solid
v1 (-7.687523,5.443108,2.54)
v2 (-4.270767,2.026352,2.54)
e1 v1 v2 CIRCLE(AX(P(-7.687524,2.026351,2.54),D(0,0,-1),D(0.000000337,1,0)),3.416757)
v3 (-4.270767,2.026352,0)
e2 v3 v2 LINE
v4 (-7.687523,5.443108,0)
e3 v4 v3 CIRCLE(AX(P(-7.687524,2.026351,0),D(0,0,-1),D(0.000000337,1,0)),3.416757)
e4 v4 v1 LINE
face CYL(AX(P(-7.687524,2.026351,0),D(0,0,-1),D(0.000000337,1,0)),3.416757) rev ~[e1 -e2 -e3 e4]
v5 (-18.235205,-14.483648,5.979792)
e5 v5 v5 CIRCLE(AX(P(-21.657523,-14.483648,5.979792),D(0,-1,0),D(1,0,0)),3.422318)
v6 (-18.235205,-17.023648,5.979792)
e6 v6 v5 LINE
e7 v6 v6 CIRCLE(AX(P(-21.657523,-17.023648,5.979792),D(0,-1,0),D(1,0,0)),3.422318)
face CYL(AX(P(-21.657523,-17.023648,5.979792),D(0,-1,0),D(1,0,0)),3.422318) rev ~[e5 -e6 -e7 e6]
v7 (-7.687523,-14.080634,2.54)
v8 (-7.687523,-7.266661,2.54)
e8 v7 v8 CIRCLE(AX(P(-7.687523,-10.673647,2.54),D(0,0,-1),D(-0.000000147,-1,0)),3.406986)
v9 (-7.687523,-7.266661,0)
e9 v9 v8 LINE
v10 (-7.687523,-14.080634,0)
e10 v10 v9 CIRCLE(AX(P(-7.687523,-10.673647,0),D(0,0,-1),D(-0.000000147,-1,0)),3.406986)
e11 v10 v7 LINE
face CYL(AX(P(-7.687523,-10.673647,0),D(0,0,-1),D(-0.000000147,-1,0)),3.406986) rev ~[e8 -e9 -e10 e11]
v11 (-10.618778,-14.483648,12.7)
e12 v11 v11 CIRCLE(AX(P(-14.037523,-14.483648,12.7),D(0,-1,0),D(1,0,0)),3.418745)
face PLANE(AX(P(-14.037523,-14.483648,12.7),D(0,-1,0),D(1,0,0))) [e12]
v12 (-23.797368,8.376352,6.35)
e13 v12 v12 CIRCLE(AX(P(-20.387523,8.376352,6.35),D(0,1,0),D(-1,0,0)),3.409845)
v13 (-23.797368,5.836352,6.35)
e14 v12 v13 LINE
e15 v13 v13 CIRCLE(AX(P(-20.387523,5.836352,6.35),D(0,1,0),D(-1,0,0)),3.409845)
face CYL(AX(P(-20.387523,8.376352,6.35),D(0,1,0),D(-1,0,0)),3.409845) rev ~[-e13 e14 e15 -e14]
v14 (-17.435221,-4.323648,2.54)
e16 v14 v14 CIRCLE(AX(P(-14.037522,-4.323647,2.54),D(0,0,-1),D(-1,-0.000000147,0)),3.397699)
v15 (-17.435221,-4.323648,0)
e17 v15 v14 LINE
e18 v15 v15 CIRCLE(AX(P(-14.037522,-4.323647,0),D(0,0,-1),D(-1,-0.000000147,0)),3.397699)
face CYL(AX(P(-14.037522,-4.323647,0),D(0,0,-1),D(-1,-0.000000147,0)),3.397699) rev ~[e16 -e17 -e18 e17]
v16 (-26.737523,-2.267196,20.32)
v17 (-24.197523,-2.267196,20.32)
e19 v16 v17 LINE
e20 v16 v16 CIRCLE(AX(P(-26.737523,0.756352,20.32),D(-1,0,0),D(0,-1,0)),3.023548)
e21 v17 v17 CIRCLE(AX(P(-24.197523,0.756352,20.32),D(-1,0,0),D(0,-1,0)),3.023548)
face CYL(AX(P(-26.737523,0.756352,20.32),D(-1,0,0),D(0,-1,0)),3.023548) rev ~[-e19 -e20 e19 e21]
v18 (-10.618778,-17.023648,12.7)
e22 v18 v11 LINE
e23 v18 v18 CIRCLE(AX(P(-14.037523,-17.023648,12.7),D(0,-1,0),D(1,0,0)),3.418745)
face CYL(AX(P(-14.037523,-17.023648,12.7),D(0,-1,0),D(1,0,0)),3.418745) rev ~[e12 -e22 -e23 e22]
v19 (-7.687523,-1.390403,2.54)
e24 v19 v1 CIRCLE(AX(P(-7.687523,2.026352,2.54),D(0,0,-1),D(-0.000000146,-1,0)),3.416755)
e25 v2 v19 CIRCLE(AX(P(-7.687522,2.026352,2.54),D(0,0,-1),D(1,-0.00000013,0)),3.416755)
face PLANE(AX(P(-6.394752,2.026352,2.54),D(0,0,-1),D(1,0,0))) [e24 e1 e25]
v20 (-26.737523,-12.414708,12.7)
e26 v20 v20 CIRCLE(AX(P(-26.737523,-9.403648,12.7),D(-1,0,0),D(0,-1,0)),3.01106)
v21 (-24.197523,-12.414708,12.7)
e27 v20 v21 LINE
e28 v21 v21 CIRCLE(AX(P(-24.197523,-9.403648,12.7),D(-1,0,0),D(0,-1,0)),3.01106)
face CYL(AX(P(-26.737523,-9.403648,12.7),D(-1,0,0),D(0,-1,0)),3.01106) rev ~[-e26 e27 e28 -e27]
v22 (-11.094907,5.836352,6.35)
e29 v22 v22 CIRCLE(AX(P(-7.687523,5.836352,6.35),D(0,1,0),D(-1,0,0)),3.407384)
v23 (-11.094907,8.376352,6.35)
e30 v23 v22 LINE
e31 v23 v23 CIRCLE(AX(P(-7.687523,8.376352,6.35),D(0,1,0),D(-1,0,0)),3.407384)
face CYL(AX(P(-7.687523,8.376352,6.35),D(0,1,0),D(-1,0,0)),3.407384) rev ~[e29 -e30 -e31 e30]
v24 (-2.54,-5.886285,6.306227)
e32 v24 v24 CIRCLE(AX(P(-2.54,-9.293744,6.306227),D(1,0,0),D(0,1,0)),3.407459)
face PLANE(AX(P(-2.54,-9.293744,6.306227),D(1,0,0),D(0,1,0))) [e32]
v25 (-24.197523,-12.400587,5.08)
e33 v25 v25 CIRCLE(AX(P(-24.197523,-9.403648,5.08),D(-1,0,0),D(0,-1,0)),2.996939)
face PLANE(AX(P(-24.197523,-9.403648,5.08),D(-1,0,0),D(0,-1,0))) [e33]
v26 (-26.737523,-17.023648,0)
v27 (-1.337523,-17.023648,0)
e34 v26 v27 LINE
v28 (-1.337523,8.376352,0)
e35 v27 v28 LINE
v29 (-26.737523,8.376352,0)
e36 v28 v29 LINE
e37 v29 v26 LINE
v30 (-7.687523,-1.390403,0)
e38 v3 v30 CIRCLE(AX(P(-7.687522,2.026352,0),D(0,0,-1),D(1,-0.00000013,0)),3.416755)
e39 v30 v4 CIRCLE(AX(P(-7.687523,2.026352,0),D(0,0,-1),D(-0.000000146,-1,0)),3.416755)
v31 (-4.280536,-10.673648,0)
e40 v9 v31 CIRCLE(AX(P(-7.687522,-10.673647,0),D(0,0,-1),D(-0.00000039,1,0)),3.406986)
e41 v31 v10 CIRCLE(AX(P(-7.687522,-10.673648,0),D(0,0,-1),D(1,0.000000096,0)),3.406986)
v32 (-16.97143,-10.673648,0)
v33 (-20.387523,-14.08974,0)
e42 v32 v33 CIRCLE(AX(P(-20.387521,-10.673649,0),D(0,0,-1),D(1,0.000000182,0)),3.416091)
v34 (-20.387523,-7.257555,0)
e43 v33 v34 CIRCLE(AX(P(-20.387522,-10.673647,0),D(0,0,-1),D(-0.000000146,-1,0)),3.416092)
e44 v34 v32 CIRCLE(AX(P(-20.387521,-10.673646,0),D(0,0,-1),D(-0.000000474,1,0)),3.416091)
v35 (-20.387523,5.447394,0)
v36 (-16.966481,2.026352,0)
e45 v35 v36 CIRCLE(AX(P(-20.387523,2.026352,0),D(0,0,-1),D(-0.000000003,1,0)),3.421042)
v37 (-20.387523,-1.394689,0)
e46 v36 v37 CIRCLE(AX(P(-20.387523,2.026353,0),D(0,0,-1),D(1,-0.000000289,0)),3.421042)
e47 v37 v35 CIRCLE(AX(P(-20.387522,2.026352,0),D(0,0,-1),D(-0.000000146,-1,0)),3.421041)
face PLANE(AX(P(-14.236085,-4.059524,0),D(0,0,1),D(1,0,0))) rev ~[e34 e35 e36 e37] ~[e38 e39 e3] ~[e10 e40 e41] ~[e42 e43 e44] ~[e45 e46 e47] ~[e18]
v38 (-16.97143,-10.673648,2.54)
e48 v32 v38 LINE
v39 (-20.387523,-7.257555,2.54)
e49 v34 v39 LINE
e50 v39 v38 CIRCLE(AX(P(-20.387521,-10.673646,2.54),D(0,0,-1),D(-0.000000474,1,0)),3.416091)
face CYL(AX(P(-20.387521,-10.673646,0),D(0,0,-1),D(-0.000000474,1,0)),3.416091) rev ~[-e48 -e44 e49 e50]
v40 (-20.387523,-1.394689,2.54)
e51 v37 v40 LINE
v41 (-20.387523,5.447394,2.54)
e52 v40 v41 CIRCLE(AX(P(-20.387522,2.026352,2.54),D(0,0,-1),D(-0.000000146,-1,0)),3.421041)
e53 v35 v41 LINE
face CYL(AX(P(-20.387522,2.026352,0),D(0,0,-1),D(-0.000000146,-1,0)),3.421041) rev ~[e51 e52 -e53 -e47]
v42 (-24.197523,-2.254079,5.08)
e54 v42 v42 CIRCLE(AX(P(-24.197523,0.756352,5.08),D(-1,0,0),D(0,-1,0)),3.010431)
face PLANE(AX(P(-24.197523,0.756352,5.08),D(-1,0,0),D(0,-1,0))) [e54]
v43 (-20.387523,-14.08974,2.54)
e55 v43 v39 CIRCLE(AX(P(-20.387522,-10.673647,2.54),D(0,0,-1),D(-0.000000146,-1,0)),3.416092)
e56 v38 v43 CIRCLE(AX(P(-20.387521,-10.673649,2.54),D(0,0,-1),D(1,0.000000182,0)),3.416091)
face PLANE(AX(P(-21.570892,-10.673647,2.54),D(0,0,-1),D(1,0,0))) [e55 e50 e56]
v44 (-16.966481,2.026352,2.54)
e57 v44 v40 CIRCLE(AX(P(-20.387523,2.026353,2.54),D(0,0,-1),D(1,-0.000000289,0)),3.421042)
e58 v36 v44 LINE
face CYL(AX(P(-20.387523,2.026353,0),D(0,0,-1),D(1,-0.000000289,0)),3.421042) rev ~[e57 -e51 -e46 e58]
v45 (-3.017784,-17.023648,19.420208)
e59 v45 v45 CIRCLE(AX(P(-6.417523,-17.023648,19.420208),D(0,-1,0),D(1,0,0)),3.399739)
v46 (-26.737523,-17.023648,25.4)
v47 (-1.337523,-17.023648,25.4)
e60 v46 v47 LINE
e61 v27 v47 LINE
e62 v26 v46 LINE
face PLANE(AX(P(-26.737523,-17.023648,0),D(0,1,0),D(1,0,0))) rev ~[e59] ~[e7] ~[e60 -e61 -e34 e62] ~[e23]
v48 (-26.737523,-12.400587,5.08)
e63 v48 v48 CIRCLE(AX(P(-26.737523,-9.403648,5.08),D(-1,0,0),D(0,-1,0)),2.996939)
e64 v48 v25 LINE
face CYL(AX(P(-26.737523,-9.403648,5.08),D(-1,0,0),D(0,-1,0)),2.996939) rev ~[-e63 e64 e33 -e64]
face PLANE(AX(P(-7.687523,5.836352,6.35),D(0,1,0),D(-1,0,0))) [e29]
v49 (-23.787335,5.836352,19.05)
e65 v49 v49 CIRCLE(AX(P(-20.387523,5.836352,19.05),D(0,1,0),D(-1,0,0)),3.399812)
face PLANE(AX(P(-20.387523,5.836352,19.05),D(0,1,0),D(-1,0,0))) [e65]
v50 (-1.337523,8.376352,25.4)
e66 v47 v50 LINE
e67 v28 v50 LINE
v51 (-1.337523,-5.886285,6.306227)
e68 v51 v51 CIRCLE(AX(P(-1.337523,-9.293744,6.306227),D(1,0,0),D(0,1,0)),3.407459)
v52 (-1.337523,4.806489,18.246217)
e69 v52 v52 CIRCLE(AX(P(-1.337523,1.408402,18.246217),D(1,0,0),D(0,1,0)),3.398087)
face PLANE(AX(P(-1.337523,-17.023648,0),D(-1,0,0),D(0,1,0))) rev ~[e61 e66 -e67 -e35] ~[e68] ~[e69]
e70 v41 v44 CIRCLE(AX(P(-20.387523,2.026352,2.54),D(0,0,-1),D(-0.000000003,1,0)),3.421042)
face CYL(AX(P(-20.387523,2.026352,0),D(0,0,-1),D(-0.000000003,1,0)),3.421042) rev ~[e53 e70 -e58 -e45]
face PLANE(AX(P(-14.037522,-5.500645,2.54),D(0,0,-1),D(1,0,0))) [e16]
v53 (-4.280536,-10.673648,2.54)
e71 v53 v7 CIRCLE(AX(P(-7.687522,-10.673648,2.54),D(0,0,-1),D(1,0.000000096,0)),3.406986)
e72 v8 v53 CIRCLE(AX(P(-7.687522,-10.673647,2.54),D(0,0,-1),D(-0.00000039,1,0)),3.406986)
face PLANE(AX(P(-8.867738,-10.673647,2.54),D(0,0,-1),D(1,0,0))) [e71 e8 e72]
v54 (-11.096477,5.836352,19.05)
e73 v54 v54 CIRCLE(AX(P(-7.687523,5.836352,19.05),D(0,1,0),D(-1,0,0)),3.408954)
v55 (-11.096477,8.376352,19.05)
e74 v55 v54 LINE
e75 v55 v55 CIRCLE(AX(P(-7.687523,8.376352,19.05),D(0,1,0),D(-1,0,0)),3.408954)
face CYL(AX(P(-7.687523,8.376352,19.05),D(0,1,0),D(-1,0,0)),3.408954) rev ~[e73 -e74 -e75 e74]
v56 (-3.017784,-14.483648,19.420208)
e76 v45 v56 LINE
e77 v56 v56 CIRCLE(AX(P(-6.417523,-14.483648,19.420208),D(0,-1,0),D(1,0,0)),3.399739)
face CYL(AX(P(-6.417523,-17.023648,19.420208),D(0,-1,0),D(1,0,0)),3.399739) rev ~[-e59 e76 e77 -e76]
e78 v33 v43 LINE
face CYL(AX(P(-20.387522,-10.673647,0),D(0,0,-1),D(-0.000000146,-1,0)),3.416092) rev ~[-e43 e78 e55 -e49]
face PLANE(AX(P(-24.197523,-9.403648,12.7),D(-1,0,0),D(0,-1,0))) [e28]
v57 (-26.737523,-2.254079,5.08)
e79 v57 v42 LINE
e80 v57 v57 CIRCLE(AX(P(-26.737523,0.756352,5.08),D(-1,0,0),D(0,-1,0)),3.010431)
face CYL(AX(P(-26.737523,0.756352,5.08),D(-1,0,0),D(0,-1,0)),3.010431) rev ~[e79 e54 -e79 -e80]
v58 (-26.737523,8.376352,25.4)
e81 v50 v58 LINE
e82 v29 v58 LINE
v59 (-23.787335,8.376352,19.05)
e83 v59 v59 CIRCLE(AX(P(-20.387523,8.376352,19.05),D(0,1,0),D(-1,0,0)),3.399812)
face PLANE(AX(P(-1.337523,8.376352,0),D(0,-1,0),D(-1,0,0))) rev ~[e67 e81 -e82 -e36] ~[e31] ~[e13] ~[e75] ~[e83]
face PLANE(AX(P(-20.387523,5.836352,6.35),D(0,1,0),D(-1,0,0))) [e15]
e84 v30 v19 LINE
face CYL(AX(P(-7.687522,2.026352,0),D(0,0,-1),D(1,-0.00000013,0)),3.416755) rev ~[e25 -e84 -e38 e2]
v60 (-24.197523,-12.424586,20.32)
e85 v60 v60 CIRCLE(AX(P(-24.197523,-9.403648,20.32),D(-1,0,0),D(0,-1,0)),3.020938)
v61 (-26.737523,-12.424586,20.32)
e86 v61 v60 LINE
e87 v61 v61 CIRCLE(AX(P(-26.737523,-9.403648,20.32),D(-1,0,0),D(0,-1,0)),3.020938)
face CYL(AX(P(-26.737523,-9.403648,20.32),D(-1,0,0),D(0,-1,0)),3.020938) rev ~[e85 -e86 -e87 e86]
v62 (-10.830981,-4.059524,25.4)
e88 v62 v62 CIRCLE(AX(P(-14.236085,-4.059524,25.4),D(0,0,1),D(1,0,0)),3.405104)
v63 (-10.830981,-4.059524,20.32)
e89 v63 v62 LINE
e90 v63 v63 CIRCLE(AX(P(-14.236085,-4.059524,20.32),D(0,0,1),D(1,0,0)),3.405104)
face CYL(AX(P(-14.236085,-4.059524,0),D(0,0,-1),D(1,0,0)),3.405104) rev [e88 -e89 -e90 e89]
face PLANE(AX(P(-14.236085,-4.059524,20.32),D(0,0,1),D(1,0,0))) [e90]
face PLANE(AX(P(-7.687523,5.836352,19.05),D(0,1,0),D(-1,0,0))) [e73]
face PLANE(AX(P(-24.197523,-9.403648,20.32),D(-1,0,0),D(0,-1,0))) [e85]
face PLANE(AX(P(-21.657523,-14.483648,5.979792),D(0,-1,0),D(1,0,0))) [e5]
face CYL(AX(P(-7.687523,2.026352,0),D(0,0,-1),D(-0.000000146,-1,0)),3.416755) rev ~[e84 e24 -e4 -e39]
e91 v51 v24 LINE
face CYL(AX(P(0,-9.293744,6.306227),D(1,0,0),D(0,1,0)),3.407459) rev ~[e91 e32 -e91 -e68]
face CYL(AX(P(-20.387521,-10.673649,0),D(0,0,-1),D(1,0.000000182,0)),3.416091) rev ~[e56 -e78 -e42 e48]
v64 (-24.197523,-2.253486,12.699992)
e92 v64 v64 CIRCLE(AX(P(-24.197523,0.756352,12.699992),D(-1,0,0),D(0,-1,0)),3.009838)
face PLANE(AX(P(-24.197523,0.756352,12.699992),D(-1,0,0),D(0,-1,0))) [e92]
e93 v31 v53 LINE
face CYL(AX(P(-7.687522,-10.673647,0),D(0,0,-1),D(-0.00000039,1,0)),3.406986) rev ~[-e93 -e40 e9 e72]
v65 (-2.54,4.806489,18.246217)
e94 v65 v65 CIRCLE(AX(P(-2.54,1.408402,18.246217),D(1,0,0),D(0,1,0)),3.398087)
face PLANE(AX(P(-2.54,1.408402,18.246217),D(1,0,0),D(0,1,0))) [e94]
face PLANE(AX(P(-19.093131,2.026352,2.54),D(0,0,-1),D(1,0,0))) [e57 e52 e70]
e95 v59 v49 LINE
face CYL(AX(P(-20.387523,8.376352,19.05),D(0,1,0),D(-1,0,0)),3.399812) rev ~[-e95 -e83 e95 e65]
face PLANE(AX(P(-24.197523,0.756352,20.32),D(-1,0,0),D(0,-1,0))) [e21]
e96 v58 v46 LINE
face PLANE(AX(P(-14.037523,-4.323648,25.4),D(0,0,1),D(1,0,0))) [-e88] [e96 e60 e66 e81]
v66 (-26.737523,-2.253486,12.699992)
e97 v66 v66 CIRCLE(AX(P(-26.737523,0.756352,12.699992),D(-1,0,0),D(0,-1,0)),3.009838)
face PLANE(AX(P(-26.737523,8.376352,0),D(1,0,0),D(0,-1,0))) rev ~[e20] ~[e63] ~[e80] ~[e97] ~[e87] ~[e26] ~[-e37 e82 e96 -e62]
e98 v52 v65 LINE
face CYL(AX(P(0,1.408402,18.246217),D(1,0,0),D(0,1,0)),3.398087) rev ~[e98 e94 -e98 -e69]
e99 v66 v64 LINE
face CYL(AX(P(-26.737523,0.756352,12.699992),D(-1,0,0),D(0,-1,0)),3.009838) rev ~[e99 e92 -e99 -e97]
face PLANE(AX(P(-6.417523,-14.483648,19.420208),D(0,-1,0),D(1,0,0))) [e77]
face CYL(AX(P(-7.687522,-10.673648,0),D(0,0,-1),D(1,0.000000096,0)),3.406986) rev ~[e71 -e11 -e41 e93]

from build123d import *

# Parameters (mm, degrees)
F0_R      = 3.405104
F1_DEPTH  = 25.4
F3_DEPTH  = 20.32
F4_R      = 3.422318
F4_R_2    = 3.418745
F4_R_3    = 3.399739
F5_DEPTH  = 2.54
F6_R      = 3.408954
F6_R_2    = 3.409845
F6_R_3    = 3.399812
F6_R_4    = 3.407384
F7_DEPTH  = 2.54
F9_DEPTH  = 2.54
F10_R     = 3.020938
F10_R_2   = 3.01106
F10_R_3   = 3.009838
F10_R_4   = 3.023548
F10_R_5   = 3.010431
F10_R_6   = 2.996939
F11_DEPTH = 2.54
F2_R      = 3.407459
F2_R_2    = 3.398087
F12_DEPTH = 2.54


with BuildPart() as f1:
    # F0 (on Top) → F1 (new body)
    with BuildSketch(Plane.XY):
        Polygon((-5.147523, 8.376352), (-22.927523, 8.376352), (-26.737523, 8.376352), (-26.737523, 4.566352), (-26.737523, -13.213648), (-26.737523, -17.023648), (-22.927523, -17.023648), (-5.147523, -17.023648), (-1.337523, -17.023648), (-1.337523, -13.213648), (-1.337523, 4.566352), (-1.337523, 8.376352), align=None)
        with Locations((-14.236085, -4.059524)):
            Circle(F0_R, mode=Mode.SUBTRACT)
    extrude(amount=F1_DEPTH)

    # F0 (on Top) → F3 (join)
    with BuildSketch(Plane.XY):
        with Locations((-14.236085, -4.059524)):
            Circle(F0_R)
    extrude(amount=F3_DEPTH)

    # F4 (on face) → F5 (cut)
    with BuildSketch(Plane.XZ.offset(17.023648)):
        with Locations((-21.657523, 5.979792)):
            Circle(F4_R)
        with Locations((-14.037523, 12.7)):
            Circle(F4_R_2)
        with Locations((-6.417523, 19.420208)):
            Circle(F4_R_3)
    extrude(amount=-F5_DEPTH, mode=Mode.SUBTRACT)

    # F6 (on face) → F7 (cut)
    with BuildSketch(Plane(origin=(0, 8.376352, 0), x_dir=(-1, 0, 0), z_dir=(0, 1, 0))):
        with Locations((7.687523, 19.05)):
            Circle(F6_R)
        with Locations((20.387523, 6.35)):
            Circle(F6_R_2)
        with Locations((20.387523, 19.05)):
            Circle(F6_R_3)
        with Locations((7.687523, 6.35)):
            Circle(F6_R_4)
    extrude(amount=-F7_DEPTH, mode=Mode.SUBTRACT)

    # F8 (on face) → F9 (cut)
    with BuildSketch(Plane(origin=(0, 0, 0), x_dir=(1, 0, 0), z_dir=(0, 0, -1))):
        with BuildLine():
            Line((-14.037523, 4.323648), (-10.639824, 4.323648))
            ThreePointArc((-10.639824, 4.323648), (-14.037523, 7.721346), (-17.435221, 4.323648))
            Line((-17.435221, 4.323648), (-14.037523, 4.323648))
        make_face()
        with BuildLine():
            ThreePointArc((-16.966481, -2.026352), (-17.968481, 0.392689), (-20.387523, 1.394689))
            Line((-20.387523, 1.394689), (-20.387523, -5.447394))
            ThreePointArc((-20.387523, -5.447394), (-17.968481, -4.445394), (-16.966481, -2.026352))
        make_face()
        with BuildLine():
            Line((-20.387523, -5.447394), (-20.387523, 1.394689))
            ThreePointArc((-20.387523, 1.394689), (-23.808564, -2.026352), (-20.387523, -5.447394))
        make_face()
        with BuildLine():
            ThreePointArc((-20.387523, 14.08974), (-23.803615, 10.673648), (-20.387523, 7.257555))
            Line((-20.387523, 7.257555), (-20.387523, 14.08974))
        make_face()
        with BuildLine():
            Line((-20.387523, 14.08974), (-20.387523, 7.257555))
            ThreePointArc((-20.387523, 7.257555), (-17.97198, 8.258105), (-16.97143, 10.673648))
            ThreePointArc((-16.97143, 10.673648), (-17.97198, 13.08919), (-20.387523, 14.08974))
        make_face()
        with BuildLine():
            ThreePointArc((-17.435221, 4.323648), (-14.037523, 0.925949), (-10.639824, 4.323648))
            Line((-10.639824, 4.323648), (-14.037523, 4.323648))
            Line((-14.037523, 4.323648), (-17.435221, 4.323648))
        make_face()
        with BuildLine():
            ThreePointArc((-7.687523, 14.080634), (-11.094509, 10.673648), (-7.687523, 7.266661))
            Line((-7.687523, 7.266661), (-7.687523, 14.080634))
        make_face()
        with BuildLine():
            Line((-7.687523, 14.080634), (-7.687523, 7.266661))
            ThreePointArc((-7.687523, 7.266661), (-5.278419, 8.264544), (-4.280536, 10.673648))
            ThreePointArc((-4.280536, 10.673648), (-5.278419, 13.082751), (-7.687523, 14.080634))
        make_face()
        with BuildLine():
            ThreePointArc((-4.270767, -2.026352), (-5.271512, 0.389659), (-7.687523, 1.390403))
            Line((-7.687523, 1.390403), (-7.687523, -5.443108))
            ThreePointArc((-7.687523, -5.443108), (-5.271512, -4.442363), (-4.270767, -2.026352))
        make_face()
        with BuildLine():
            Line((-7.687523, -5.443108), (-7.687523, 1.390403))
            ThreePointArc((-7.687523, 1.390403), (-11.104278, -2.026352), (-7.687523, -5.443108))
        make_face()
    extrude(amount=-F9_DEPTH, mode=Mode.SUBTRACT)

    # F10 (on face) → F11 (cut)
    with BuildSketch(Plane(origin=(-26.737523, 0, 0), x_dir=(0, -1, 0), z_dir=(-1, 0, 0))):
        with Locations((9.403648, 20.32)):
            Circle(F10_R)
        with Locations((9.403648, 12.7)):
            Circle(F10_R_2)
        with Locations((-0.756352, 12.699992)):
            Circle(F10_R_3)
        with Locations((-0.756352, 20.32)):
            Circle(F10_R_4)
        with Locations((-0.756352, 5.08)):
            Circle(F10_R_5)
        with Locations((9.403648, 5.08)):
            Circle(F10_R_6)
    extrude(amount=-F11_DEPTH, mode=Mode.SUBTRACT)

    # F2 (on Right) → F12 (cut)
    with BuildSketch(Plane.YZ):
        with Locations((-9.293744, 6.306227)):
            Circle(F2_R)
        with Locations((1.408402, 18.246217)):
            Circle(F2_R_2)
    extrude(amount=-F12_DEPTH, mode=Mode.SUBTRACT)


solid = f1.part
